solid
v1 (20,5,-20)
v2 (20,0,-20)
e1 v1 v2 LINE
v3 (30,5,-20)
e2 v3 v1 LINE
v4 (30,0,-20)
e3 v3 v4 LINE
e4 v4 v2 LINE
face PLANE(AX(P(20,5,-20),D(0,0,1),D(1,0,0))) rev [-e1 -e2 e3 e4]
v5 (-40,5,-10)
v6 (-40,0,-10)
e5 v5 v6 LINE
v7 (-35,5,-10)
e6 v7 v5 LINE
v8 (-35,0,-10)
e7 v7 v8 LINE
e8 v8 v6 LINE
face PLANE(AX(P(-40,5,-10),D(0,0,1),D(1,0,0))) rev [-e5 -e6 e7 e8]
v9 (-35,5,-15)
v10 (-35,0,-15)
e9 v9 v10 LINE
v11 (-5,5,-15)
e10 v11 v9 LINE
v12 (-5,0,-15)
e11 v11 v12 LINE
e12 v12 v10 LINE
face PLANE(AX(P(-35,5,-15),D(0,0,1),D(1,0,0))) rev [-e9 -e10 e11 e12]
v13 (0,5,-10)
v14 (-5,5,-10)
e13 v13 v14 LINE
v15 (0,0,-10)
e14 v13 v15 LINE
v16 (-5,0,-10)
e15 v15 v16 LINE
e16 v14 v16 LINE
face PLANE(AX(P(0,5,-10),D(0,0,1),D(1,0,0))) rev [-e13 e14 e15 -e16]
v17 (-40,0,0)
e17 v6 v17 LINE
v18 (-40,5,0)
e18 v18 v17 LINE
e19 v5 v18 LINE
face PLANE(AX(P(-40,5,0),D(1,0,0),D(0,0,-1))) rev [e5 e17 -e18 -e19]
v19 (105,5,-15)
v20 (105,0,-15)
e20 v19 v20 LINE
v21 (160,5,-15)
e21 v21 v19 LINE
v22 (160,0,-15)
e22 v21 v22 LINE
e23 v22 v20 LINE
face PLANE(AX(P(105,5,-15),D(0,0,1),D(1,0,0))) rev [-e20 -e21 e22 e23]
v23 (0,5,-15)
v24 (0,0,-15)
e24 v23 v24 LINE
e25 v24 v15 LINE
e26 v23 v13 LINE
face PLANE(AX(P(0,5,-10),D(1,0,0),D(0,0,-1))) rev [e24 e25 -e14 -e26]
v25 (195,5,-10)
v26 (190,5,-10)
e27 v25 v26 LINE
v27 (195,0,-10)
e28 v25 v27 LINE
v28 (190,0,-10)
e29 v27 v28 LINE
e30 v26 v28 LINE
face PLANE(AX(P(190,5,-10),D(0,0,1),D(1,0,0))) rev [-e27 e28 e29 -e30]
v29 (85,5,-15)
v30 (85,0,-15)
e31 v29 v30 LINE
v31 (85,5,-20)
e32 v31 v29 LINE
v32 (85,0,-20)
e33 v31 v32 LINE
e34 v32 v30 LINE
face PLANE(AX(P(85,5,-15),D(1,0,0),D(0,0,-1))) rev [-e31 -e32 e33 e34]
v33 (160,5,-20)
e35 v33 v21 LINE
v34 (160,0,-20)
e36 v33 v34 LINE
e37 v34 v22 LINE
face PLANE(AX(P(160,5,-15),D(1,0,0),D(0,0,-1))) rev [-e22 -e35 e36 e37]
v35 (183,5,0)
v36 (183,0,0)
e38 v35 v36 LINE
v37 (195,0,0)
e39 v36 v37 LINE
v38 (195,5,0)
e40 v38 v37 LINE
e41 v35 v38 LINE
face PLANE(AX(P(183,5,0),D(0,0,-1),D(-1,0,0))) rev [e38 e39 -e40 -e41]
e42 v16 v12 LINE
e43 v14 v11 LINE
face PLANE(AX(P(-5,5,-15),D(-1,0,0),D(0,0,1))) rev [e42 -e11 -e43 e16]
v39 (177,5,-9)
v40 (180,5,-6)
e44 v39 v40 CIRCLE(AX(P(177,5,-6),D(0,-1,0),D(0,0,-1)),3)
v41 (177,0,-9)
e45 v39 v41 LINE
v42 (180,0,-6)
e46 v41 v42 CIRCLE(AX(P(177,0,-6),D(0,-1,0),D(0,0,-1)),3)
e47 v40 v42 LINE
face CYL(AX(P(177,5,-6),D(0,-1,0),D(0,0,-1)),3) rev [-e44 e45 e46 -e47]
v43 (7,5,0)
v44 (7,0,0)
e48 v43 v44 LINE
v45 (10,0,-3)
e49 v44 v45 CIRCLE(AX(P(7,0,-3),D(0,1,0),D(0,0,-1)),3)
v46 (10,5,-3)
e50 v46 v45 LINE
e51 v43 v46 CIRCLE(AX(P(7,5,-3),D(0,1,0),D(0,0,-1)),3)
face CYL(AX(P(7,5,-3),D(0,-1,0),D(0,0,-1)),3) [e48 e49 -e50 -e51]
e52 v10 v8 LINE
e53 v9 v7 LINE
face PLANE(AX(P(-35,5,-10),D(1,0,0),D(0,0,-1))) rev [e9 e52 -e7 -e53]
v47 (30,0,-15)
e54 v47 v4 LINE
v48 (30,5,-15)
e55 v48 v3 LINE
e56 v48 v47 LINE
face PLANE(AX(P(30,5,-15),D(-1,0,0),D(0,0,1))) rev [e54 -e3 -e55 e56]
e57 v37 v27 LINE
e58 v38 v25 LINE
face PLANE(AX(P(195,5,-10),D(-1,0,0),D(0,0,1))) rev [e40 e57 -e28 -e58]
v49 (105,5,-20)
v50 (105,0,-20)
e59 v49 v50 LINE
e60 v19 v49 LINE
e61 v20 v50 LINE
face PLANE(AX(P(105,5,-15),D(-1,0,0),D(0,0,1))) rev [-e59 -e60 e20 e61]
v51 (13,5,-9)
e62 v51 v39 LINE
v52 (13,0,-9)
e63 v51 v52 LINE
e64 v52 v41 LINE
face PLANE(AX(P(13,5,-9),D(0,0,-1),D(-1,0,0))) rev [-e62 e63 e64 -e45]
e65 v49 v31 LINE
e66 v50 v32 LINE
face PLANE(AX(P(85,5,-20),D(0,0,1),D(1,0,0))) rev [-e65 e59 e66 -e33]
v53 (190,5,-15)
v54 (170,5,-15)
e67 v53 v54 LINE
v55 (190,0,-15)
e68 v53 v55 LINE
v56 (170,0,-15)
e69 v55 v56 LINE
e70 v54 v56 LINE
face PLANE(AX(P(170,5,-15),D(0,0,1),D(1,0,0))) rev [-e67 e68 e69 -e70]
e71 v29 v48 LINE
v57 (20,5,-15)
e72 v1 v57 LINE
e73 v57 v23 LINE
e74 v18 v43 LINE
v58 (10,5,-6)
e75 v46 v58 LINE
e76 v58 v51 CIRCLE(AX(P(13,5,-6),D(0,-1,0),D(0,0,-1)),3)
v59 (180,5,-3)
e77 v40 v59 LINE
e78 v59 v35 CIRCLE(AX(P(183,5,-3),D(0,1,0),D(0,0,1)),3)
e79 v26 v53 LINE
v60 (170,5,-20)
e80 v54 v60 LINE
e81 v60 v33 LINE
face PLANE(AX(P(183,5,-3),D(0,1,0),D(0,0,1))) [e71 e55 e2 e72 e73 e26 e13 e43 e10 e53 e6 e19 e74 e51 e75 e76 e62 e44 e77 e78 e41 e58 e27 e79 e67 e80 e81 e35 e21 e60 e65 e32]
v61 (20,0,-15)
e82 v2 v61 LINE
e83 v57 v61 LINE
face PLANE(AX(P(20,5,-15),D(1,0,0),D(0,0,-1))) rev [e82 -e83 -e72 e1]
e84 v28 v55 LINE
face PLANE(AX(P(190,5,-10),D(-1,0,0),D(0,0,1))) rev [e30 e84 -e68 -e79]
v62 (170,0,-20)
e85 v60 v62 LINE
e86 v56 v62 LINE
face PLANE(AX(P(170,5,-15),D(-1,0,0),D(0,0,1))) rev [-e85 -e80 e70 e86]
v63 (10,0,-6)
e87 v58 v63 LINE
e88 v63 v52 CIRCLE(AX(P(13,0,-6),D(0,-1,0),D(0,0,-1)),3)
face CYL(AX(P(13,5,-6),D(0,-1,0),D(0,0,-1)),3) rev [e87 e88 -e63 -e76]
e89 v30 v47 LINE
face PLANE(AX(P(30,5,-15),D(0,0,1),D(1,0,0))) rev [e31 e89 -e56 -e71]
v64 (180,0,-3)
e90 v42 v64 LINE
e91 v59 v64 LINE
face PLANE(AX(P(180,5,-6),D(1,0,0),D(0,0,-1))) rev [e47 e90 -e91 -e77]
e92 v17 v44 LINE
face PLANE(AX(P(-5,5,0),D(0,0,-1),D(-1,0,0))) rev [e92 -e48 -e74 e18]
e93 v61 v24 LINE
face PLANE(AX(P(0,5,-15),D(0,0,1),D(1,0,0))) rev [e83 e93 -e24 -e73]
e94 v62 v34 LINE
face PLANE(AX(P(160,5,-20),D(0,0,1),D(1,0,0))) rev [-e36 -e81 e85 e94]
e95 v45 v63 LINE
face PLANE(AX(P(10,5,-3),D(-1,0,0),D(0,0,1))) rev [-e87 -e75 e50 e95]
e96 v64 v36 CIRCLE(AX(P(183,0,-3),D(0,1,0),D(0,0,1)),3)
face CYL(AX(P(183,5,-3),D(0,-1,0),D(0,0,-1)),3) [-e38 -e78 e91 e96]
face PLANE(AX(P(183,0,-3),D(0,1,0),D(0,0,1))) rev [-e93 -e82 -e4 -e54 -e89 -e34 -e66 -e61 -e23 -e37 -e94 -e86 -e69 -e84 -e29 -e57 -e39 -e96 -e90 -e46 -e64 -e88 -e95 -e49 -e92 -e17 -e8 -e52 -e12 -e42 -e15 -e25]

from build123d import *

# Parameters (mm, degrees)
EXTRUDE_2_DEPTH = 5


with BuildPart() as part:
    # 草图1 → 凸台-拉伸2 (new body)
    with BuildSketch(Plane(origin=(0, 0, 0), x_dir=(1, 0, 0), z_dir=(0, 1, 0))):
        with BuildLine():
            Line((-5, 0), (7, 0))
            ThreePointArc((7, 0), (9.121320344, 0.878679656), (10, 3))
            Line((10, 3), (10, 6))
            ThreePointArc((10, 6), (10.878679656, 8.121320344), (13, 9))
            Line((13, 9), (177, 9))
            ThreePointArc((177, 9), (179.121320344, 8.121320344), (180, 6))
            Line((180, 6), (180, 3))
            ThreePointArc((180, 3), (180.878679656, 0.878679656), (183, 0))
            Line((183, 0), (195, 0))
            Line((195, 0), (195, 10))
            Line((195, 10), (190, 10))
            Line((190, 10), (190, 15))
            Line((190, 15), (170, 15))
            Line((170, 15), (170, 20))
            Line((170, 20), (160, 20))
            Line((160, 20), (160, 15))
            Line((160, 15), (105, 15))
            Line((105, 15), (105, 20))
            Line((105, 20), (85, 20))
            Line((85, 20), (85, 15))
            Line((85, 15), (30, 15))
            Line((30, 15), (30, 20))
            Line((30, 20), (20, 20))
            Line((20, 20), (20, 15))
            Line((20, 15), (0, 15))
            Line((0, 15), (0, 10))
            Line((0, 10), (-5, 10))
            Line((-5, 10), (-5, 15))
            Line((-5, 15), (-35, 15))
            Line((-35, 15), (-35, 10))
            Line((-35, 10), (-40, 10))
            Line((-40, 10), (-40, 0))
            Line((-40, 0), (-5, 0))
        make_face()
    extrude(amount=EXTRUDE_2_DEPTH)


solid = part.part
